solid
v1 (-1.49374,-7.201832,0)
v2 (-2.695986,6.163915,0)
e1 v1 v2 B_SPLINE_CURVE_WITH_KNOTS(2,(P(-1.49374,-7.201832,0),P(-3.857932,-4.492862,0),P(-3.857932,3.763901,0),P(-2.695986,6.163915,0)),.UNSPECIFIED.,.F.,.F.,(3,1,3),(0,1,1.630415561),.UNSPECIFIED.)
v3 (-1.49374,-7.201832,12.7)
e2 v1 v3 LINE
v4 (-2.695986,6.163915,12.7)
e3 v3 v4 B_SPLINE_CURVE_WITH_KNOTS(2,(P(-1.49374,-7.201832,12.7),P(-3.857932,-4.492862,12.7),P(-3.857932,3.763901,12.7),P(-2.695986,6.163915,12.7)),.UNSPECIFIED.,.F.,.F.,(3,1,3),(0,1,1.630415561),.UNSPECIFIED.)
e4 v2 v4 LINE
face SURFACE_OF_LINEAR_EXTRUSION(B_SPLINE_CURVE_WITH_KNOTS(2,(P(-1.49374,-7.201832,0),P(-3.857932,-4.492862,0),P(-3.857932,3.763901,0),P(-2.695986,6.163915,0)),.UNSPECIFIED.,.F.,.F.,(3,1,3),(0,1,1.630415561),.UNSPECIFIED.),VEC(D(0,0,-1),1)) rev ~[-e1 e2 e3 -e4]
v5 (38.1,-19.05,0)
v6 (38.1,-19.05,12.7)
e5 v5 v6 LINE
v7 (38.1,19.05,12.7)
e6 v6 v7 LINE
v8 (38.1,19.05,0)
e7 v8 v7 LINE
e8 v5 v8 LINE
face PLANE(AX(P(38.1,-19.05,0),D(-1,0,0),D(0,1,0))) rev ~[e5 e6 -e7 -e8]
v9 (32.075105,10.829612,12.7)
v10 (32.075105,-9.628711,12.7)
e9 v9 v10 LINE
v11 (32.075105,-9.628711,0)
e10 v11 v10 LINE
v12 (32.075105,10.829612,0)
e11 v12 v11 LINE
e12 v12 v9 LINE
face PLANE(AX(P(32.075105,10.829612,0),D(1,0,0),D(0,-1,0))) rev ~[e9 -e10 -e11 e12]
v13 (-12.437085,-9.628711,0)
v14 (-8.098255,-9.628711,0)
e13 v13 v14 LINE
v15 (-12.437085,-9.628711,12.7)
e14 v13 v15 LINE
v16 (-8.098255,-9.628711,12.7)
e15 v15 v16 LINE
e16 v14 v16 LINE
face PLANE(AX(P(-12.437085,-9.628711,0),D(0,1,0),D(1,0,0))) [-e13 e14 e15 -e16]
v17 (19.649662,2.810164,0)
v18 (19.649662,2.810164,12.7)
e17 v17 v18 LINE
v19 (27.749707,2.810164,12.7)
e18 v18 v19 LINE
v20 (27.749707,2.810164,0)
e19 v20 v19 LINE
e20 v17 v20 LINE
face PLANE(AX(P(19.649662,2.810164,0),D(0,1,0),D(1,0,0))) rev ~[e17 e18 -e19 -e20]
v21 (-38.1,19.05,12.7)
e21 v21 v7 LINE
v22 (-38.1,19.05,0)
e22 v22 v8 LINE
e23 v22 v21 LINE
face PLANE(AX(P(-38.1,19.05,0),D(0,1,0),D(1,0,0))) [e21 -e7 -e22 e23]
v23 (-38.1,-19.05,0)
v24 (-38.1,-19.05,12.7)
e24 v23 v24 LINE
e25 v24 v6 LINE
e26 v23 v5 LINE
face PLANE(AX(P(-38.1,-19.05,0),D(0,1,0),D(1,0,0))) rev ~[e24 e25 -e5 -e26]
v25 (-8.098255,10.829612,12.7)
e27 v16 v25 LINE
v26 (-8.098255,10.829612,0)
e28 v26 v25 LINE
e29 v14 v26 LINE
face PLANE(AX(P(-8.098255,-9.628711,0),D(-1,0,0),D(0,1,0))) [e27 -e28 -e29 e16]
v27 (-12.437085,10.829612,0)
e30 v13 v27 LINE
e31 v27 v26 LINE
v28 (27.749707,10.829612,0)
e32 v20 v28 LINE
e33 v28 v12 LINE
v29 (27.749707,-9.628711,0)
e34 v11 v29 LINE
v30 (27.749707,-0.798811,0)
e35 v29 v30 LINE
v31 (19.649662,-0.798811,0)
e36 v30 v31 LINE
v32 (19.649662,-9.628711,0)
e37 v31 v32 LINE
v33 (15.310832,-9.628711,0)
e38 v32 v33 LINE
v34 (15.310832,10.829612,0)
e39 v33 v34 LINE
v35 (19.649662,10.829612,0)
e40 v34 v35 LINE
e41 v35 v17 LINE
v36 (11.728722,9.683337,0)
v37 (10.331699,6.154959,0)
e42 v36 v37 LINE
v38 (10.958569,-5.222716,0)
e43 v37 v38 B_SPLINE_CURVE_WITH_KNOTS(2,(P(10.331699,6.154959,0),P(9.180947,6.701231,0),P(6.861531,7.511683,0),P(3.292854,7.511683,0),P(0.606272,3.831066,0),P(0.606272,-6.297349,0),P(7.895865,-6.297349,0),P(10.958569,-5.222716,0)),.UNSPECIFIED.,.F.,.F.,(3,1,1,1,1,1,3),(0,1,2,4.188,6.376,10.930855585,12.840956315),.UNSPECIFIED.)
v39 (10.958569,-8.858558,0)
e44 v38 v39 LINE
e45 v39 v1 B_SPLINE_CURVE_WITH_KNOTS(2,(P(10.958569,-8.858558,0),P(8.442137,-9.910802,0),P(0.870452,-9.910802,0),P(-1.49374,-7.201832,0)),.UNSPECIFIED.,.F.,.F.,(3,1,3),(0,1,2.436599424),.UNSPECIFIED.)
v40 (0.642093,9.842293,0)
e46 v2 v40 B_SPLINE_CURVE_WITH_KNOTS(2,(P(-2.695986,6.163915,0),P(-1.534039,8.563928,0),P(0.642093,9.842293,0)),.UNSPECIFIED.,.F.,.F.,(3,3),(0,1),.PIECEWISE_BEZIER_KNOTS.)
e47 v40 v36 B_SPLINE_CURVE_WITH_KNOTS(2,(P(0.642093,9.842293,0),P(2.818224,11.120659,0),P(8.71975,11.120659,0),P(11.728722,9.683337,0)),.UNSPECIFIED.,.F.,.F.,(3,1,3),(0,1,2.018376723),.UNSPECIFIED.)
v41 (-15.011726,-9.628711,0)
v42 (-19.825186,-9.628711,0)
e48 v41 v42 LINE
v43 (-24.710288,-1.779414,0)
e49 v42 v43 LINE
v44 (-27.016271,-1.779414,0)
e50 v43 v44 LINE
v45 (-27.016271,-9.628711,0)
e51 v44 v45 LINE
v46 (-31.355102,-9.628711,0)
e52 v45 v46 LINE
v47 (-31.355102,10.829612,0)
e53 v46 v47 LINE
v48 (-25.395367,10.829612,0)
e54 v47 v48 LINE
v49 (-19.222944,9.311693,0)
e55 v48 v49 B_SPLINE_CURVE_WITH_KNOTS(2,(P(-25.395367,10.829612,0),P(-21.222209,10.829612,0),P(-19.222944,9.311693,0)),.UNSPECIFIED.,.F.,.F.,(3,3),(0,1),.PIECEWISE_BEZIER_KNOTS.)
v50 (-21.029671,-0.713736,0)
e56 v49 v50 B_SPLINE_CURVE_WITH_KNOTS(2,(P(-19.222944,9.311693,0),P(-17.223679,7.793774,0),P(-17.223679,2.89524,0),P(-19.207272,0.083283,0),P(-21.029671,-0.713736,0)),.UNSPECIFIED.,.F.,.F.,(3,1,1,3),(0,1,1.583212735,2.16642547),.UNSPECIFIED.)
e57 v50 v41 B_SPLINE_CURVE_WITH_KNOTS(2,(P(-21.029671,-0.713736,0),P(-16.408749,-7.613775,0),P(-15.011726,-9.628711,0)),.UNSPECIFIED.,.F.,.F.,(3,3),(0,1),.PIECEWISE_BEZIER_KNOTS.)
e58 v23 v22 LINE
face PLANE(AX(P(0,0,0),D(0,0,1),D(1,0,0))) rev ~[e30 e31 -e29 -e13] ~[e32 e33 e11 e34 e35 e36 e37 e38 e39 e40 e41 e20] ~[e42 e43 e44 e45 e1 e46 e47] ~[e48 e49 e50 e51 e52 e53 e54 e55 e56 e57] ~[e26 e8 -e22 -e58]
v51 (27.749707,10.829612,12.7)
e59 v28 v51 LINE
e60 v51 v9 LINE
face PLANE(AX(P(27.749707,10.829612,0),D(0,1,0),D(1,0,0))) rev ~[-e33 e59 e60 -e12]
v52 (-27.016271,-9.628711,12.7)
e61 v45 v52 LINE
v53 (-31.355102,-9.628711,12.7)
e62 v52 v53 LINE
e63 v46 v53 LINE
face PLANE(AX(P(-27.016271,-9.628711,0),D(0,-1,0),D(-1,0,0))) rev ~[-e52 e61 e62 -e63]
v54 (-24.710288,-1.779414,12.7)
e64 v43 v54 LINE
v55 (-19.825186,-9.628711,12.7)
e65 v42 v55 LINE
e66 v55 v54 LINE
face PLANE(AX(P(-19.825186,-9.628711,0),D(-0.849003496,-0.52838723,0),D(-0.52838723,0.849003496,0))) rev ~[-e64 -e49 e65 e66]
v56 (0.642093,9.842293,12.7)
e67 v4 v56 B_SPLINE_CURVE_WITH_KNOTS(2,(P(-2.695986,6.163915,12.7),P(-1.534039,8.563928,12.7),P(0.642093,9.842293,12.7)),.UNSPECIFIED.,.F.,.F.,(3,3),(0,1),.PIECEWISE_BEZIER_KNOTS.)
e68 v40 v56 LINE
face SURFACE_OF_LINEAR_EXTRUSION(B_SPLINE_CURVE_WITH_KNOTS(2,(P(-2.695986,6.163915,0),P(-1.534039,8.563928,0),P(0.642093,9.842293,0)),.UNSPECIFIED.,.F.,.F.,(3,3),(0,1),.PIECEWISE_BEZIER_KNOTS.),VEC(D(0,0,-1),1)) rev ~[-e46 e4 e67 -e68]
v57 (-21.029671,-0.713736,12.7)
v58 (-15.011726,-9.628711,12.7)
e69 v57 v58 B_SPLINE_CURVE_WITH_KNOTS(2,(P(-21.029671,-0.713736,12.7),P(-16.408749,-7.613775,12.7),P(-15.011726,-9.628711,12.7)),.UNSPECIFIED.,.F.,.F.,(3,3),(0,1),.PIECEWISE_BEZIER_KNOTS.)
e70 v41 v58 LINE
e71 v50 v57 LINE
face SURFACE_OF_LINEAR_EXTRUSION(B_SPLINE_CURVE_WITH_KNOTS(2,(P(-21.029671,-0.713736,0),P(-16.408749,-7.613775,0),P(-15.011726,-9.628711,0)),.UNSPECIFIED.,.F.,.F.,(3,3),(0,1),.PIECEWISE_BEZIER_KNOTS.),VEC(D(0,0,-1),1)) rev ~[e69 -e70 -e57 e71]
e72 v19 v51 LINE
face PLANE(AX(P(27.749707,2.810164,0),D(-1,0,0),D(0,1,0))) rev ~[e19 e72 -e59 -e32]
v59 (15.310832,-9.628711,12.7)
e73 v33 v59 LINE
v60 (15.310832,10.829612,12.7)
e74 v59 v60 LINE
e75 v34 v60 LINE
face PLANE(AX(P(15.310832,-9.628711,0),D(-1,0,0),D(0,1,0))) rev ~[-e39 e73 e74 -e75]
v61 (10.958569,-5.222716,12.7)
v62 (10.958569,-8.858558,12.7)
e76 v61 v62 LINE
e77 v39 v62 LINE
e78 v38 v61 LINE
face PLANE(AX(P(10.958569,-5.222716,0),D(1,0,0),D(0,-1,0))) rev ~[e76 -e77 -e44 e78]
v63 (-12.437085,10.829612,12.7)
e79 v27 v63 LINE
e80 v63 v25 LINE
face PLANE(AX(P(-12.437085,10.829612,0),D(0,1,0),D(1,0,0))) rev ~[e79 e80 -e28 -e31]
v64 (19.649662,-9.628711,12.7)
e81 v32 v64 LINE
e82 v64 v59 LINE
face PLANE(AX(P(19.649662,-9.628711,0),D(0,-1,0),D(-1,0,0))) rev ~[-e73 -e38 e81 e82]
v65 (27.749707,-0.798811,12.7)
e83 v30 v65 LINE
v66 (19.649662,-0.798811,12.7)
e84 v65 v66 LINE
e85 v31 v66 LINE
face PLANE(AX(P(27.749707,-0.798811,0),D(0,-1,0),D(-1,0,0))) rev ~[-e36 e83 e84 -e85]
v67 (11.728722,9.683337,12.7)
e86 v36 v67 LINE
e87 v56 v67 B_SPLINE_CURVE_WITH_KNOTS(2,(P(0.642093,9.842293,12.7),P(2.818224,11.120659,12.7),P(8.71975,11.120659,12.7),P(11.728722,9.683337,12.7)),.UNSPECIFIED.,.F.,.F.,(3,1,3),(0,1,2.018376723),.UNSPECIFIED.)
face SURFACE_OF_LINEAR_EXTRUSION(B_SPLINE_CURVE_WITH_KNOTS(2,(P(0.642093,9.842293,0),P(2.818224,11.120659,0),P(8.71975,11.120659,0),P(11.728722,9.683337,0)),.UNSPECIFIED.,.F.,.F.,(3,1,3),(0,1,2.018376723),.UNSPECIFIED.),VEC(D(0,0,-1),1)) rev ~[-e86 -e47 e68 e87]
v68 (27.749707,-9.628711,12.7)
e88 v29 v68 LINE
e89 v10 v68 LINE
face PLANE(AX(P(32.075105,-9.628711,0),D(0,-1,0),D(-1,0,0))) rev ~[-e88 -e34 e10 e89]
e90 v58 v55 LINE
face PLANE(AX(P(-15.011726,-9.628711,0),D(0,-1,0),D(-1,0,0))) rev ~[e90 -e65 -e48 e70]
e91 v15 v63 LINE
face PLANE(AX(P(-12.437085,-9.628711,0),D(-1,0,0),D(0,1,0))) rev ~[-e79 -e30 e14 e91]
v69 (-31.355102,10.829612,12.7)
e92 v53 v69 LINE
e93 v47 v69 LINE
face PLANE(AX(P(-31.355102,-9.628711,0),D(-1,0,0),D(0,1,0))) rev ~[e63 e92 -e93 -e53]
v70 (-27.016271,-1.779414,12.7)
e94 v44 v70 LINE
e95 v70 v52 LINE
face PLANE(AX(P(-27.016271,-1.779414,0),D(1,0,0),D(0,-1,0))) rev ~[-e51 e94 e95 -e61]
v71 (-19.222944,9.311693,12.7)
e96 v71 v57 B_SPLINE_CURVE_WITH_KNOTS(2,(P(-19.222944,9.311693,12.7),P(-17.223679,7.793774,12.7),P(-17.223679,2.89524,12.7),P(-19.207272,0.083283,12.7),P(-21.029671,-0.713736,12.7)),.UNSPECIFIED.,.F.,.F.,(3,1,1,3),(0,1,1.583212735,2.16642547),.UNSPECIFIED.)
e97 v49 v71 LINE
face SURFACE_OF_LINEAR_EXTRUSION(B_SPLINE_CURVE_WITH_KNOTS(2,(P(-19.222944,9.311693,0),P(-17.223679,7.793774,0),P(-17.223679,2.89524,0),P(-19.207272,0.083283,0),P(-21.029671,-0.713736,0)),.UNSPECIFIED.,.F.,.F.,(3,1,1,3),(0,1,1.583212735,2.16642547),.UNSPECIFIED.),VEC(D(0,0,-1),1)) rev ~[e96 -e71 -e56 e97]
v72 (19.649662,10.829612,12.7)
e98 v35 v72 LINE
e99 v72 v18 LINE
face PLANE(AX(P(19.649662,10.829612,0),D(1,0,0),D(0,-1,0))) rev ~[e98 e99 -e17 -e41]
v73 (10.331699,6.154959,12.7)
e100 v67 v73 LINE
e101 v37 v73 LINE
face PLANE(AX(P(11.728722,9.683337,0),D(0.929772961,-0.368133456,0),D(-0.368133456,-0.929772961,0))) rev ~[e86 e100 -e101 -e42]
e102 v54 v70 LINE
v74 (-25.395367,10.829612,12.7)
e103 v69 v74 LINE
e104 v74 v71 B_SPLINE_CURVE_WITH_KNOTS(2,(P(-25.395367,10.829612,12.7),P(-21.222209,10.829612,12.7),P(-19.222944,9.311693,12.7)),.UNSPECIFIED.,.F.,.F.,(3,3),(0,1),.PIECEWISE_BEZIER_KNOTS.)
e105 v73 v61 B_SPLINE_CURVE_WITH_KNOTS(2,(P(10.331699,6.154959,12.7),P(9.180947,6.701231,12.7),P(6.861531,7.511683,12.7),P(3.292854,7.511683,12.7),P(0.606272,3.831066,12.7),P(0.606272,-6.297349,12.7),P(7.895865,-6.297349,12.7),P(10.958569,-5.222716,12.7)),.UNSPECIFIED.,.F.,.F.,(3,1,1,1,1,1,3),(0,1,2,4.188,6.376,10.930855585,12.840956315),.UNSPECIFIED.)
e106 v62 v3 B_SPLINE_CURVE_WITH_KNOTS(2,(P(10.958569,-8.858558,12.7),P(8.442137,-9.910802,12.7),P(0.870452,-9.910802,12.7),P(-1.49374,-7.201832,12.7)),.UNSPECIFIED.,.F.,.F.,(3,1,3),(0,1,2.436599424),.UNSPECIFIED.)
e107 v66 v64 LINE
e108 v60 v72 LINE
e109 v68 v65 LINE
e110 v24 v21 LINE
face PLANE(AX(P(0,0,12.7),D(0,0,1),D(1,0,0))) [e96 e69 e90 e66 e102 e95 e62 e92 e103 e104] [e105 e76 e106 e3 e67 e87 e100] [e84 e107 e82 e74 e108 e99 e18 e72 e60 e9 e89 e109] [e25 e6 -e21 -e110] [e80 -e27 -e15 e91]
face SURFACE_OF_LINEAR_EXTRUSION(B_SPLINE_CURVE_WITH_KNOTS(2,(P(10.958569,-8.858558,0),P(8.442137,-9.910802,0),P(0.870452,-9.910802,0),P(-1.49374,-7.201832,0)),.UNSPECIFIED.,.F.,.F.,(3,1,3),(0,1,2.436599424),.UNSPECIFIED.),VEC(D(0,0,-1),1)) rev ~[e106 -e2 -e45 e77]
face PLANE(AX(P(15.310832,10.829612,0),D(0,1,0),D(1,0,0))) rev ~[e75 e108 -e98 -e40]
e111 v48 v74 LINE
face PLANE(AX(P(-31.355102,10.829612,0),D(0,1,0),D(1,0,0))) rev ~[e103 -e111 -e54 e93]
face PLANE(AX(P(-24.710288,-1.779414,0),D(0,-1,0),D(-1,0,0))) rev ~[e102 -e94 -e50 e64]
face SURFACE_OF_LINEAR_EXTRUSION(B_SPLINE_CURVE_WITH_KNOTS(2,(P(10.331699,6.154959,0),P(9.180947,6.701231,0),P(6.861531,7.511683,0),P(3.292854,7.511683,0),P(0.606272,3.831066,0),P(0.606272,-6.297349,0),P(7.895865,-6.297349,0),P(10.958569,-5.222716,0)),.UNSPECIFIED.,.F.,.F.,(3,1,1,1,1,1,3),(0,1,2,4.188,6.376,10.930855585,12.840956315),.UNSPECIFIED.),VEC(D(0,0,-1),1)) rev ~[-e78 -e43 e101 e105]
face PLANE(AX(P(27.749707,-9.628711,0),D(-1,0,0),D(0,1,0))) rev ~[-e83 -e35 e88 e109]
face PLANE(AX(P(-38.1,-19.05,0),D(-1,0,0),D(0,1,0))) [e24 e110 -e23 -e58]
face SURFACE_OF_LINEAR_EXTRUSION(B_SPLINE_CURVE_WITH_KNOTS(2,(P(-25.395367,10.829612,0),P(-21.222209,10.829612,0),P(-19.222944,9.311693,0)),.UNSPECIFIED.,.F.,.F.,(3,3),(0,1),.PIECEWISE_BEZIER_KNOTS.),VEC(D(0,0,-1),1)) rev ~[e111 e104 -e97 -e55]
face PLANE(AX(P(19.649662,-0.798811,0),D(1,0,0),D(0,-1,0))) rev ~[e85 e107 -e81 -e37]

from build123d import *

# Parameters (mm, degrees)
F0_W     = 76.2
F0_H     = 38.1
F0_W_2   = 4.3388303002
F0_H_2   = 20.4583236755
F1_DEPTH = 12.7


with BuildPart() as f1:
    # F0 (on Top) → F1 (new body)
    with BuildSketch(Plane.XY):
        Rectangle(F0_W, F0_H)
        with BuildLine():
            Line((-24.7102881895, -1.7794135219), (-27.0162712695, -1.7794135219))
            Line((-27.0162712695, -1.7794135219), (-27.0162712695, -9.6287112683))
            Line((-27.0162712695, -9.6287112683), (-31.3551015697, -9.6287112683))
            Line((-31.3551015697, -9.6287112683), (-31.3551015697, 10.8296124072))
            Line((-31.3551015697, 10.8296124072), (-25.3953666579, 10.8296124072))
            add(Edge.make_bspline(
                [(-25.3953666579, 10.8296124072), (-21.2222089285, 10.8296124072), (-19.2229439863, 9.3116934477)],
                knots=[0, 0, 0, 1, 1, 1], degree=2))
            add(Edge.make_bspline(
                [(-19.2229439863, 9.3116934477), (-17.223679044, 7.7937744882), (-17.223679044, 4.6997272875)],
                knots=[0, 0, 0, 1, 1, 1], degree=2))
            add(Edge.make_bspline(
                [(-17.223679044, 4.6997272875), (-17.223679044, 2.8952395569), (-18.2154756503, 1.4892615236)],
                knots=[0, 0, 0, 1, 1, 1], degree=2))
            add(Edge.make_bspline(
                [(-18.2154756503, 1.4892615236), (-19.2072722566, 0.0832834903), (-21.0296705354, -0.7137359044)],
                knots=[0, 0, 0, 1, 1, 1], degree=2))
            add(Edge.make_bspline(
                [(-21.0296705354, -0.7137359044), (-16.4087491012, -7.6137745964), (-15.011726342, -9.6287112683)],
                knots=[0, 0, 0, 1, 1, 1], degree=2))
            Line((-15.011726342, -9.6287112683), (-19.8251861693, -9.6287112683))
            Line((-19.8251861693, -9.6287112683), (-24.7102881895, -1.7794135219))
        make_face(mode=Mode.SUBTRACT)
        with Locations((-10.2676698889, 0.6004505694)):
            Rectangle(F0_W_2, F0_H_2, mode=Mode.SUBTRACT)
        with BuildLine():
            add(Edge.make_bspline(
                [(8.0212386365, 7.1064572012), (6.8615306409, 7.5116833541), (5.7421213787, 7.5116833541)],
                knots=[0, 0, 0, 1, 1, 1], degree=2))
            add(Edge.make_bspline(
                [(5.7421213787, 7.5116833541), (3.2928539131, 7.5116833541), (1.9495627985, 5.6713745271)],
                knots=[0, 0, 0, 1, 1, 1], degree=2))
            add(Edge.make_bspline(
                [(1.9495627985, 5.6713745271), (0.6062716839, 3.8310657001), (0.6062716839, 0.5444801063)],
                knots=[0, 0, 0, 1, 1, 1], degree=2))
            add(Edge.make_bspline(
                [(0.6062716839, 0.5444801063), (0.6062716839, -6.2973493041), (5.7421213787, -6.2973493041)],
                knots=[0, 0, 0, 1, 1, 1], degree=2))
            add(Edge.make_bspline(
                [(5.7421213787, -6.2973493041), (7.8958647991, -6.2973493041), (10.9585685404, -5.2227164124)],
                knots=[0, 0, 0, 1, 1, 1], degree=2))
            Line((10.9585685404, -5.2227164124), (10.9585685404, -8.8585576959))
            add(Edge.make_bspline(
                [(10.9585685404, -8.8585576959), (8.4421365191, -9.9108024024), (5.3346564073, -9.9108024024)],
                knots=[0, 0, 0, 1, 1, 1], degree=2))
            add(Edge.make_bspline(
                [(5.3346564073, -9.9108024024), (0.8704522697, -9.9108024024), (-1.493740092, -7.2018319879)],
                knots=[0, 0, 0, 1, 1, 1], degree=2))
            add(Edge.make_bspline(
                [(-1.493740092, -7.2018319879), (-3.8579324537, -4.4928615735), (-3.8579324537, 0.5713459286)],
                knots=[0, 0, 0, 1, 1, 1], degree=2))
            add(Edge.make_bspline(
                [(-3.8579324537, 0.5713459286), (-3.8579324537, 3.7639011443), (-2.6959856395, 6.1639146024)],
                knots=[0, 0, 0, 1, 1, 1], degree=2))
            add(Edge.make_bspline(
                [(-2.6959856395, 6.1639146024), (-1.5340388254, 8.5639280605), (0.6420927803, 9.8422934379)],
                knots=[0, 0, 0, 1, 1, 1], degree=2))
            add(Edge.make_bspline(
                [(0.6420927803, 9.8422934379), (2.8182243859, 11.1206588153), (5.7421213787, 11.1206588153)],
                knots=[0, 0, 0, 1, 1, 1], degree=2))
            add(Edge.make_bspline(
                [(5.7421213787, 11.1206588153), (8.7197500161, 11.1206588153), (11.7287221128, 9.6833373227)],
                knots=[0, 0, 0, 1, 1, 1], degree=2))
            Line((11.7287221128, 9.6833373227), (10.3316993536, 6.1549593283))
            add(Edge.make_bspline(
                [(10.3316993536, 6.1549593283), (9.1809466321, 6.7012310483), (8.0212386365, 7.1064572012)],
                knots=[0, 0, 0, 1, 1, 1], degree=2))
        make_face(mode=Mode.SUBTRACT)
        Polygon((32.0751048621, 10.8296124072), (32.0751048621, -9.6287112683), (27.749707473, -9.6287112683), (27.749707473, -0.7988110083), (19.649662052, -0.7988110083), (19.649662052, -9.6287112683), (15.3108317518, -9.6287112683), (15.3108317518, 10.8296124072), (19.649662052, 10.8296124072), (19.649662052, 2.810164453), (27.749707473, 2.810164453), (27.749707473, 10.8296124072), align=None, mode=Mode.SUBTRACT)
    extrude(amount=F1_DEPTH)


solid = f1.part
